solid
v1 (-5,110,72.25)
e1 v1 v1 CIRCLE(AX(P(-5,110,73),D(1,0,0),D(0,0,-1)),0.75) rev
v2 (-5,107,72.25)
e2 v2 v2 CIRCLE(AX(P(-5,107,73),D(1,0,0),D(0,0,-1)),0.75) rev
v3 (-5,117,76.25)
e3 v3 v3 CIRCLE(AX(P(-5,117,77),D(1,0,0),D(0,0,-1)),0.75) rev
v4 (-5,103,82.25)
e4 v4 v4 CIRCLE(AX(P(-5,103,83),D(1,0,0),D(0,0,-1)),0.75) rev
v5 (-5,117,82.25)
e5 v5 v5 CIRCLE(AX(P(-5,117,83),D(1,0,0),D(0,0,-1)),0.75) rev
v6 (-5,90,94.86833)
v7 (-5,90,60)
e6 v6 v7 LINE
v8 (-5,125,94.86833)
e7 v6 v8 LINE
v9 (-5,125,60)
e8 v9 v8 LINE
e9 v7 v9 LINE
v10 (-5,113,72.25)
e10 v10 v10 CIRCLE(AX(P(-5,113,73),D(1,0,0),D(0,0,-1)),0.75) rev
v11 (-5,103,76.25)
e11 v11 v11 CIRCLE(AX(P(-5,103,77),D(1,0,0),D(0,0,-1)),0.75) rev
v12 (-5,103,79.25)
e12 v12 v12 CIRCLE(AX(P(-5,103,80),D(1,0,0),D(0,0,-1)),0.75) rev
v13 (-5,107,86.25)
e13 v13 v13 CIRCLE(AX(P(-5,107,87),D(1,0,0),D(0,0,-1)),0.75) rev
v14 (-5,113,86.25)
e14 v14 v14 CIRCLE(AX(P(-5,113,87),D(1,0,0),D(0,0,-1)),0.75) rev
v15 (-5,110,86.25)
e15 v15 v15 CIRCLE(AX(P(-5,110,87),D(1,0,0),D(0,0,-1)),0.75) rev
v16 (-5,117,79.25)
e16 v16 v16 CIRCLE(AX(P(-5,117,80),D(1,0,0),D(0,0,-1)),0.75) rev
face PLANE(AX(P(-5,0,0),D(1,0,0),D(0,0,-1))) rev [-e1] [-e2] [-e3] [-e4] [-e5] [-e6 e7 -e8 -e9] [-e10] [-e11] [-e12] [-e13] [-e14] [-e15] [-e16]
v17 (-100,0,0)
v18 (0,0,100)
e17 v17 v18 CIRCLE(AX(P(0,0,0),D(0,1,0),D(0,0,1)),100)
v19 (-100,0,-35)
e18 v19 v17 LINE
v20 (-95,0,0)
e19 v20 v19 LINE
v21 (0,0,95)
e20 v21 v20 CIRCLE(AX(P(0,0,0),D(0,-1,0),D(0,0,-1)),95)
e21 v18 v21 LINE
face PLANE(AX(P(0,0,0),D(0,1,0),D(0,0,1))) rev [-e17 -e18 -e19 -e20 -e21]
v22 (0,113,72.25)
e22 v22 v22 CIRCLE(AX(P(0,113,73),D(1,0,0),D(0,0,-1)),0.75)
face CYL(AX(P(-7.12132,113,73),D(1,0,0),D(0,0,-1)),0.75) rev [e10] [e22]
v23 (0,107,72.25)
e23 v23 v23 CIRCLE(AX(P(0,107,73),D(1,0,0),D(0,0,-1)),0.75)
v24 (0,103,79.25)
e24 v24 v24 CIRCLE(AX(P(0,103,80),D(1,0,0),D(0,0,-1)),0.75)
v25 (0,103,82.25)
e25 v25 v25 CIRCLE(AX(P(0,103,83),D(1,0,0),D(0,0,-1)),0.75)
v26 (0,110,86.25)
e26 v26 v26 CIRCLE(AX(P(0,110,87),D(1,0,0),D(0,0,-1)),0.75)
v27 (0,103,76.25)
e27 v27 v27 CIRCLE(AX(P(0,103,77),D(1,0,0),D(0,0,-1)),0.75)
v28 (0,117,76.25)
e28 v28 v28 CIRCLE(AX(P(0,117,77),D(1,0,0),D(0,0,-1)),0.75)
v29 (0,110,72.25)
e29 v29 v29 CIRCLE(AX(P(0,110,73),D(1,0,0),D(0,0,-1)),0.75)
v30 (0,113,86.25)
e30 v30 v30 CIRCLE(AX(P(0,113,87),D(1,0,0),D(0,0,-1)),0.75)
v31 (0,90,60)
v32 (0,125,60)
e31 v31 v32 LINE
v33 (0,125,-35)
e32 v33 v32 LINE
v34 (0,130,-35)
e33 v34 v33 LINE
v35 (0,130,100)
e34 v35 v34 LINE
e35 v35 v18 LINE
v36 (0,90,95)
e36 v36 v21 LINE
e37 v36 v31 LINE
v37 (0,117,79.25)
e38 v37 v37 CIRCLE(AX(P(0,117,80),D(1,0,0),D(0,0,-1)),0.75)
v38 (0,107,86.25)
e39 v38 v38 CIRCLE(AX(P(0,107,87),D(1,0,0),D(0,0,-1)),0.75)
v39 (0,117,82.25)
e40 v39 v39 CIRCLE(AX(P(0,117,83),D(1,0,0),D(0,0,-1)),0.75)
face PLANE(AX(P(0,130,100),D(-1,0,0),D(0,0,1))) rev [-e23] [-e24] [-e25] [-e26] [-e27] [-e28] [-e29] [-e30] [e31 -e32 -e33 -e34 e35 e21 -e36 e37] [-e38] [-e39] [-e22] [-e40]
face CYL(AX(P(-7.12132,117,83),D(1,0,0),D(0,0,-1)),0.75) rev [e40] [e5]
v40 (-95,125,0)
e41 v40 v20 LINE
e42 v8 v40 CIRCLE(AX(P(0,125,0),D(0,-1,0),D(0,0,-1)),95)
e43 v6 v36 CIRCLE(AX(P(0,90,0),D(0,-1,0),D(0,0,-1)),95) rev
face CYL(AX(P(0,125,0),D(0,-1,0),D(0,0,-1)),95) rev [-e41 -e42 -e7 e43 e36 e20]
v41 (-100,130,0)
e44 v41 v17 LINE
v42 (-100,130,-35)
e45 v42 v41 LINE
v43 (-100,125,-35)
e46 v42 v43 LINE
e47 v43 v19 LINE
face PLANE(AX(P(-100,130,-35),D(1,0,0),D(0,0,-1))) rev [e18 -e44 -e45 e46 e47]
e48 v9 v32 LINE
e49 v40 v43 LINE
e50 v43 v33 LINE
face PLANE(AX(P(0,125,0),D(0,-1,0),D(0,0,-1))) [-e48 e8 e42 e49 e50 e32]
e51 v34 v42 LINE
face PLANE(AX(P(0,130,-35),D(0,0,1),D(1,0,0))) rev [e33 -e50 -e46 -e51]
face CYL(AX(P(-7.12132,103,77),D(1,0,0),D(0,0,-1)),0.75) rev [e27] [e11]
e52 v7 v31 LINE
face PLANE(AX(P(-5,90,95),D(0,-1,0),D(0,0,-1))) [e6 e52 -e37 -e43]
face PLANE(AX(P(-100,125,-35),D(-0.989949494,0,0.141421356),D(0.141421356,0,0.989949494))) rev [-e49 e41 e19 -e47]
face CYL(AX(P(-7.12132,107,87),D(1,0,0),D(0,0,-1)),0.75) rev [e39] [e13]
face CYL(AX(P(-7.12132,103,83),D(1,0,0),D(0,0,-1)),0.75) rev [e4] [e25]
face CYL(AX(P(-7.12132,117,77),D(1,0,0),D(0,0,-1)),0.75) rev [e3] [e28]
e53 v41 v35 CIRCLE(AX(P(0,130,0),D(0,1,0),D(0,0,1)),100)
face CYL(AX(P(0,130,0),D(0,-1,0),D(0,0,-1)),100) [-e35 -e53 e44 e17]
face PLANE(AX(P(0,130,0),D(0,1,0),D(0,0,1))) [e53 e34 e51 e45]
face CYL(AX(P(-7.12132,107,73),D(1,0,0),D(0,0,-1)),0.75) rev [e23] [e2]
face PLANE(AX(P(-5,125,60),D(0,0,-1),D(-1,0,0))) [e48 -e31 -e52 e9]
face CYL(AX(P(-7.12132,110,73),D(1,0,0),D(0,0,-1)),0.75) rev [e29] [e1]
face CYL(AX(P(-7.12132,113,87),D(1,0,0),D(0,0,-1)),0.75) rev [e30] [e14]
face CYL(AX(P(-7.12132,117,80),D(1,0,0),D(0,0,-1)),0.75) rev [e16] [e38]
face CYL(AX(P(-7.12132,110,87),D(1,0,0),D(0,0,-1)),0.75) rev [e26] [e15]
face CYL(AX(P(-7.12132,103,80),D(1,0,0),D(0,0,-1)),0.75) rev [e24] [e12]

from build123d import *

# Parameters (mm, degrees)
BOSS_EXTRUDE1_DEPTH = 130
CUT_EXTRUDE1_DEPTH  = 125
SKETCH7_W           = 35
SKETCH7_H           = 35
BOSS_EXTRUDE3_DEPTH = 5
SKETCH8_R           = 0.75
CUT_EXTRUDE2_DEPTH  = 5


with BuildPart() as part:
    # Sketch2 → Boss-Extrude1 (new body)
    with BuildSketch(Plane(origin=(0, 0, 0), x_dir=(1, 0, 0), z_dir=(0, 1, 0))):
        with BuildLine():
            Line((0, -100), (0, 35))
            Line((0, 35), (-100, 35))
            Line((-100, 35), (-100, 0))
            ThreePointArc((-100, 0), (-70.710678119, -70.710678119), (0, -100))
        make_face()
    extrude(amount=BOSS_EXTRUDE1_DEPTH)

    # Sketch3 → Cut-Extrude1 (cut)
    with BuildSketch(Plane.XZ):
        with BuildLine():
            Line((0, 95), (0, -35))
            Line((0, -35), (-100, -35))
            Line((-100, -35), (-95, 0))
            ThreePointArc((-95, 0), (-67.175144213, 67.175144213), (0, 95))
        make_face()
    extrude(amount=-CUT_EXTRUDE1_DEPTH, mode=Mode.SUBTRACT)

    # Sketch7 → Boss-Extrude3 (add)
    with BuildSketch(Plane(origin=(0, 0, 0), x_dir=(0, 0, -1), z_dir=(1, 0, 0))):
        with Locations((-77.5, 107.5)):
            Rectangle(SKETCH7_W, SKETCH7_H)
    extrude(amount=-BOSS_EXTRUDE3_DEPTH)

    # Sketch8 → Cut-Extrude2 (cut)
    with BuildSketch(Plane(origin=(0, 0, 0), x_dir=(0, 0, -1), z_dir=(1, 0, 0))):
        with Locations((-87, 110)):
            Circle(SKETCH8_R)
        with Locations((-87, 107)):
            Circle(SKETCH8_R)
        with Locations((-87, 113)):
            Circle(SKETCH8_R)
        with Locations((-77, 117)):
            Circle(SKETCH8_R)
        with Locations((-80, 117)):
            Circle(SKETCH8_R)
        with Locations((-83, 117)):
            Circle(SKETCH8_R)
        with Locations((-73, 107)):
            Circle(SKETCH8_R)
        with Locations((-73, 110)):
            Circle(SKETCH8_R)
        with Locations((-73, 113)):
            Circle(SKETCH8_R)
        with Locations((-83, 103)):
            Circle(SKETCH8_R)
        with Locations((-80, 103)):
            Circle(SKETCH8_R)
        with Locations((-77, 103)):
            Circle(SKETCH8_R)
    extrude(amount=-CUT_EXTRUDE2_DEPTH, mode=Mode.SUBTRACT)


solid = part.part
